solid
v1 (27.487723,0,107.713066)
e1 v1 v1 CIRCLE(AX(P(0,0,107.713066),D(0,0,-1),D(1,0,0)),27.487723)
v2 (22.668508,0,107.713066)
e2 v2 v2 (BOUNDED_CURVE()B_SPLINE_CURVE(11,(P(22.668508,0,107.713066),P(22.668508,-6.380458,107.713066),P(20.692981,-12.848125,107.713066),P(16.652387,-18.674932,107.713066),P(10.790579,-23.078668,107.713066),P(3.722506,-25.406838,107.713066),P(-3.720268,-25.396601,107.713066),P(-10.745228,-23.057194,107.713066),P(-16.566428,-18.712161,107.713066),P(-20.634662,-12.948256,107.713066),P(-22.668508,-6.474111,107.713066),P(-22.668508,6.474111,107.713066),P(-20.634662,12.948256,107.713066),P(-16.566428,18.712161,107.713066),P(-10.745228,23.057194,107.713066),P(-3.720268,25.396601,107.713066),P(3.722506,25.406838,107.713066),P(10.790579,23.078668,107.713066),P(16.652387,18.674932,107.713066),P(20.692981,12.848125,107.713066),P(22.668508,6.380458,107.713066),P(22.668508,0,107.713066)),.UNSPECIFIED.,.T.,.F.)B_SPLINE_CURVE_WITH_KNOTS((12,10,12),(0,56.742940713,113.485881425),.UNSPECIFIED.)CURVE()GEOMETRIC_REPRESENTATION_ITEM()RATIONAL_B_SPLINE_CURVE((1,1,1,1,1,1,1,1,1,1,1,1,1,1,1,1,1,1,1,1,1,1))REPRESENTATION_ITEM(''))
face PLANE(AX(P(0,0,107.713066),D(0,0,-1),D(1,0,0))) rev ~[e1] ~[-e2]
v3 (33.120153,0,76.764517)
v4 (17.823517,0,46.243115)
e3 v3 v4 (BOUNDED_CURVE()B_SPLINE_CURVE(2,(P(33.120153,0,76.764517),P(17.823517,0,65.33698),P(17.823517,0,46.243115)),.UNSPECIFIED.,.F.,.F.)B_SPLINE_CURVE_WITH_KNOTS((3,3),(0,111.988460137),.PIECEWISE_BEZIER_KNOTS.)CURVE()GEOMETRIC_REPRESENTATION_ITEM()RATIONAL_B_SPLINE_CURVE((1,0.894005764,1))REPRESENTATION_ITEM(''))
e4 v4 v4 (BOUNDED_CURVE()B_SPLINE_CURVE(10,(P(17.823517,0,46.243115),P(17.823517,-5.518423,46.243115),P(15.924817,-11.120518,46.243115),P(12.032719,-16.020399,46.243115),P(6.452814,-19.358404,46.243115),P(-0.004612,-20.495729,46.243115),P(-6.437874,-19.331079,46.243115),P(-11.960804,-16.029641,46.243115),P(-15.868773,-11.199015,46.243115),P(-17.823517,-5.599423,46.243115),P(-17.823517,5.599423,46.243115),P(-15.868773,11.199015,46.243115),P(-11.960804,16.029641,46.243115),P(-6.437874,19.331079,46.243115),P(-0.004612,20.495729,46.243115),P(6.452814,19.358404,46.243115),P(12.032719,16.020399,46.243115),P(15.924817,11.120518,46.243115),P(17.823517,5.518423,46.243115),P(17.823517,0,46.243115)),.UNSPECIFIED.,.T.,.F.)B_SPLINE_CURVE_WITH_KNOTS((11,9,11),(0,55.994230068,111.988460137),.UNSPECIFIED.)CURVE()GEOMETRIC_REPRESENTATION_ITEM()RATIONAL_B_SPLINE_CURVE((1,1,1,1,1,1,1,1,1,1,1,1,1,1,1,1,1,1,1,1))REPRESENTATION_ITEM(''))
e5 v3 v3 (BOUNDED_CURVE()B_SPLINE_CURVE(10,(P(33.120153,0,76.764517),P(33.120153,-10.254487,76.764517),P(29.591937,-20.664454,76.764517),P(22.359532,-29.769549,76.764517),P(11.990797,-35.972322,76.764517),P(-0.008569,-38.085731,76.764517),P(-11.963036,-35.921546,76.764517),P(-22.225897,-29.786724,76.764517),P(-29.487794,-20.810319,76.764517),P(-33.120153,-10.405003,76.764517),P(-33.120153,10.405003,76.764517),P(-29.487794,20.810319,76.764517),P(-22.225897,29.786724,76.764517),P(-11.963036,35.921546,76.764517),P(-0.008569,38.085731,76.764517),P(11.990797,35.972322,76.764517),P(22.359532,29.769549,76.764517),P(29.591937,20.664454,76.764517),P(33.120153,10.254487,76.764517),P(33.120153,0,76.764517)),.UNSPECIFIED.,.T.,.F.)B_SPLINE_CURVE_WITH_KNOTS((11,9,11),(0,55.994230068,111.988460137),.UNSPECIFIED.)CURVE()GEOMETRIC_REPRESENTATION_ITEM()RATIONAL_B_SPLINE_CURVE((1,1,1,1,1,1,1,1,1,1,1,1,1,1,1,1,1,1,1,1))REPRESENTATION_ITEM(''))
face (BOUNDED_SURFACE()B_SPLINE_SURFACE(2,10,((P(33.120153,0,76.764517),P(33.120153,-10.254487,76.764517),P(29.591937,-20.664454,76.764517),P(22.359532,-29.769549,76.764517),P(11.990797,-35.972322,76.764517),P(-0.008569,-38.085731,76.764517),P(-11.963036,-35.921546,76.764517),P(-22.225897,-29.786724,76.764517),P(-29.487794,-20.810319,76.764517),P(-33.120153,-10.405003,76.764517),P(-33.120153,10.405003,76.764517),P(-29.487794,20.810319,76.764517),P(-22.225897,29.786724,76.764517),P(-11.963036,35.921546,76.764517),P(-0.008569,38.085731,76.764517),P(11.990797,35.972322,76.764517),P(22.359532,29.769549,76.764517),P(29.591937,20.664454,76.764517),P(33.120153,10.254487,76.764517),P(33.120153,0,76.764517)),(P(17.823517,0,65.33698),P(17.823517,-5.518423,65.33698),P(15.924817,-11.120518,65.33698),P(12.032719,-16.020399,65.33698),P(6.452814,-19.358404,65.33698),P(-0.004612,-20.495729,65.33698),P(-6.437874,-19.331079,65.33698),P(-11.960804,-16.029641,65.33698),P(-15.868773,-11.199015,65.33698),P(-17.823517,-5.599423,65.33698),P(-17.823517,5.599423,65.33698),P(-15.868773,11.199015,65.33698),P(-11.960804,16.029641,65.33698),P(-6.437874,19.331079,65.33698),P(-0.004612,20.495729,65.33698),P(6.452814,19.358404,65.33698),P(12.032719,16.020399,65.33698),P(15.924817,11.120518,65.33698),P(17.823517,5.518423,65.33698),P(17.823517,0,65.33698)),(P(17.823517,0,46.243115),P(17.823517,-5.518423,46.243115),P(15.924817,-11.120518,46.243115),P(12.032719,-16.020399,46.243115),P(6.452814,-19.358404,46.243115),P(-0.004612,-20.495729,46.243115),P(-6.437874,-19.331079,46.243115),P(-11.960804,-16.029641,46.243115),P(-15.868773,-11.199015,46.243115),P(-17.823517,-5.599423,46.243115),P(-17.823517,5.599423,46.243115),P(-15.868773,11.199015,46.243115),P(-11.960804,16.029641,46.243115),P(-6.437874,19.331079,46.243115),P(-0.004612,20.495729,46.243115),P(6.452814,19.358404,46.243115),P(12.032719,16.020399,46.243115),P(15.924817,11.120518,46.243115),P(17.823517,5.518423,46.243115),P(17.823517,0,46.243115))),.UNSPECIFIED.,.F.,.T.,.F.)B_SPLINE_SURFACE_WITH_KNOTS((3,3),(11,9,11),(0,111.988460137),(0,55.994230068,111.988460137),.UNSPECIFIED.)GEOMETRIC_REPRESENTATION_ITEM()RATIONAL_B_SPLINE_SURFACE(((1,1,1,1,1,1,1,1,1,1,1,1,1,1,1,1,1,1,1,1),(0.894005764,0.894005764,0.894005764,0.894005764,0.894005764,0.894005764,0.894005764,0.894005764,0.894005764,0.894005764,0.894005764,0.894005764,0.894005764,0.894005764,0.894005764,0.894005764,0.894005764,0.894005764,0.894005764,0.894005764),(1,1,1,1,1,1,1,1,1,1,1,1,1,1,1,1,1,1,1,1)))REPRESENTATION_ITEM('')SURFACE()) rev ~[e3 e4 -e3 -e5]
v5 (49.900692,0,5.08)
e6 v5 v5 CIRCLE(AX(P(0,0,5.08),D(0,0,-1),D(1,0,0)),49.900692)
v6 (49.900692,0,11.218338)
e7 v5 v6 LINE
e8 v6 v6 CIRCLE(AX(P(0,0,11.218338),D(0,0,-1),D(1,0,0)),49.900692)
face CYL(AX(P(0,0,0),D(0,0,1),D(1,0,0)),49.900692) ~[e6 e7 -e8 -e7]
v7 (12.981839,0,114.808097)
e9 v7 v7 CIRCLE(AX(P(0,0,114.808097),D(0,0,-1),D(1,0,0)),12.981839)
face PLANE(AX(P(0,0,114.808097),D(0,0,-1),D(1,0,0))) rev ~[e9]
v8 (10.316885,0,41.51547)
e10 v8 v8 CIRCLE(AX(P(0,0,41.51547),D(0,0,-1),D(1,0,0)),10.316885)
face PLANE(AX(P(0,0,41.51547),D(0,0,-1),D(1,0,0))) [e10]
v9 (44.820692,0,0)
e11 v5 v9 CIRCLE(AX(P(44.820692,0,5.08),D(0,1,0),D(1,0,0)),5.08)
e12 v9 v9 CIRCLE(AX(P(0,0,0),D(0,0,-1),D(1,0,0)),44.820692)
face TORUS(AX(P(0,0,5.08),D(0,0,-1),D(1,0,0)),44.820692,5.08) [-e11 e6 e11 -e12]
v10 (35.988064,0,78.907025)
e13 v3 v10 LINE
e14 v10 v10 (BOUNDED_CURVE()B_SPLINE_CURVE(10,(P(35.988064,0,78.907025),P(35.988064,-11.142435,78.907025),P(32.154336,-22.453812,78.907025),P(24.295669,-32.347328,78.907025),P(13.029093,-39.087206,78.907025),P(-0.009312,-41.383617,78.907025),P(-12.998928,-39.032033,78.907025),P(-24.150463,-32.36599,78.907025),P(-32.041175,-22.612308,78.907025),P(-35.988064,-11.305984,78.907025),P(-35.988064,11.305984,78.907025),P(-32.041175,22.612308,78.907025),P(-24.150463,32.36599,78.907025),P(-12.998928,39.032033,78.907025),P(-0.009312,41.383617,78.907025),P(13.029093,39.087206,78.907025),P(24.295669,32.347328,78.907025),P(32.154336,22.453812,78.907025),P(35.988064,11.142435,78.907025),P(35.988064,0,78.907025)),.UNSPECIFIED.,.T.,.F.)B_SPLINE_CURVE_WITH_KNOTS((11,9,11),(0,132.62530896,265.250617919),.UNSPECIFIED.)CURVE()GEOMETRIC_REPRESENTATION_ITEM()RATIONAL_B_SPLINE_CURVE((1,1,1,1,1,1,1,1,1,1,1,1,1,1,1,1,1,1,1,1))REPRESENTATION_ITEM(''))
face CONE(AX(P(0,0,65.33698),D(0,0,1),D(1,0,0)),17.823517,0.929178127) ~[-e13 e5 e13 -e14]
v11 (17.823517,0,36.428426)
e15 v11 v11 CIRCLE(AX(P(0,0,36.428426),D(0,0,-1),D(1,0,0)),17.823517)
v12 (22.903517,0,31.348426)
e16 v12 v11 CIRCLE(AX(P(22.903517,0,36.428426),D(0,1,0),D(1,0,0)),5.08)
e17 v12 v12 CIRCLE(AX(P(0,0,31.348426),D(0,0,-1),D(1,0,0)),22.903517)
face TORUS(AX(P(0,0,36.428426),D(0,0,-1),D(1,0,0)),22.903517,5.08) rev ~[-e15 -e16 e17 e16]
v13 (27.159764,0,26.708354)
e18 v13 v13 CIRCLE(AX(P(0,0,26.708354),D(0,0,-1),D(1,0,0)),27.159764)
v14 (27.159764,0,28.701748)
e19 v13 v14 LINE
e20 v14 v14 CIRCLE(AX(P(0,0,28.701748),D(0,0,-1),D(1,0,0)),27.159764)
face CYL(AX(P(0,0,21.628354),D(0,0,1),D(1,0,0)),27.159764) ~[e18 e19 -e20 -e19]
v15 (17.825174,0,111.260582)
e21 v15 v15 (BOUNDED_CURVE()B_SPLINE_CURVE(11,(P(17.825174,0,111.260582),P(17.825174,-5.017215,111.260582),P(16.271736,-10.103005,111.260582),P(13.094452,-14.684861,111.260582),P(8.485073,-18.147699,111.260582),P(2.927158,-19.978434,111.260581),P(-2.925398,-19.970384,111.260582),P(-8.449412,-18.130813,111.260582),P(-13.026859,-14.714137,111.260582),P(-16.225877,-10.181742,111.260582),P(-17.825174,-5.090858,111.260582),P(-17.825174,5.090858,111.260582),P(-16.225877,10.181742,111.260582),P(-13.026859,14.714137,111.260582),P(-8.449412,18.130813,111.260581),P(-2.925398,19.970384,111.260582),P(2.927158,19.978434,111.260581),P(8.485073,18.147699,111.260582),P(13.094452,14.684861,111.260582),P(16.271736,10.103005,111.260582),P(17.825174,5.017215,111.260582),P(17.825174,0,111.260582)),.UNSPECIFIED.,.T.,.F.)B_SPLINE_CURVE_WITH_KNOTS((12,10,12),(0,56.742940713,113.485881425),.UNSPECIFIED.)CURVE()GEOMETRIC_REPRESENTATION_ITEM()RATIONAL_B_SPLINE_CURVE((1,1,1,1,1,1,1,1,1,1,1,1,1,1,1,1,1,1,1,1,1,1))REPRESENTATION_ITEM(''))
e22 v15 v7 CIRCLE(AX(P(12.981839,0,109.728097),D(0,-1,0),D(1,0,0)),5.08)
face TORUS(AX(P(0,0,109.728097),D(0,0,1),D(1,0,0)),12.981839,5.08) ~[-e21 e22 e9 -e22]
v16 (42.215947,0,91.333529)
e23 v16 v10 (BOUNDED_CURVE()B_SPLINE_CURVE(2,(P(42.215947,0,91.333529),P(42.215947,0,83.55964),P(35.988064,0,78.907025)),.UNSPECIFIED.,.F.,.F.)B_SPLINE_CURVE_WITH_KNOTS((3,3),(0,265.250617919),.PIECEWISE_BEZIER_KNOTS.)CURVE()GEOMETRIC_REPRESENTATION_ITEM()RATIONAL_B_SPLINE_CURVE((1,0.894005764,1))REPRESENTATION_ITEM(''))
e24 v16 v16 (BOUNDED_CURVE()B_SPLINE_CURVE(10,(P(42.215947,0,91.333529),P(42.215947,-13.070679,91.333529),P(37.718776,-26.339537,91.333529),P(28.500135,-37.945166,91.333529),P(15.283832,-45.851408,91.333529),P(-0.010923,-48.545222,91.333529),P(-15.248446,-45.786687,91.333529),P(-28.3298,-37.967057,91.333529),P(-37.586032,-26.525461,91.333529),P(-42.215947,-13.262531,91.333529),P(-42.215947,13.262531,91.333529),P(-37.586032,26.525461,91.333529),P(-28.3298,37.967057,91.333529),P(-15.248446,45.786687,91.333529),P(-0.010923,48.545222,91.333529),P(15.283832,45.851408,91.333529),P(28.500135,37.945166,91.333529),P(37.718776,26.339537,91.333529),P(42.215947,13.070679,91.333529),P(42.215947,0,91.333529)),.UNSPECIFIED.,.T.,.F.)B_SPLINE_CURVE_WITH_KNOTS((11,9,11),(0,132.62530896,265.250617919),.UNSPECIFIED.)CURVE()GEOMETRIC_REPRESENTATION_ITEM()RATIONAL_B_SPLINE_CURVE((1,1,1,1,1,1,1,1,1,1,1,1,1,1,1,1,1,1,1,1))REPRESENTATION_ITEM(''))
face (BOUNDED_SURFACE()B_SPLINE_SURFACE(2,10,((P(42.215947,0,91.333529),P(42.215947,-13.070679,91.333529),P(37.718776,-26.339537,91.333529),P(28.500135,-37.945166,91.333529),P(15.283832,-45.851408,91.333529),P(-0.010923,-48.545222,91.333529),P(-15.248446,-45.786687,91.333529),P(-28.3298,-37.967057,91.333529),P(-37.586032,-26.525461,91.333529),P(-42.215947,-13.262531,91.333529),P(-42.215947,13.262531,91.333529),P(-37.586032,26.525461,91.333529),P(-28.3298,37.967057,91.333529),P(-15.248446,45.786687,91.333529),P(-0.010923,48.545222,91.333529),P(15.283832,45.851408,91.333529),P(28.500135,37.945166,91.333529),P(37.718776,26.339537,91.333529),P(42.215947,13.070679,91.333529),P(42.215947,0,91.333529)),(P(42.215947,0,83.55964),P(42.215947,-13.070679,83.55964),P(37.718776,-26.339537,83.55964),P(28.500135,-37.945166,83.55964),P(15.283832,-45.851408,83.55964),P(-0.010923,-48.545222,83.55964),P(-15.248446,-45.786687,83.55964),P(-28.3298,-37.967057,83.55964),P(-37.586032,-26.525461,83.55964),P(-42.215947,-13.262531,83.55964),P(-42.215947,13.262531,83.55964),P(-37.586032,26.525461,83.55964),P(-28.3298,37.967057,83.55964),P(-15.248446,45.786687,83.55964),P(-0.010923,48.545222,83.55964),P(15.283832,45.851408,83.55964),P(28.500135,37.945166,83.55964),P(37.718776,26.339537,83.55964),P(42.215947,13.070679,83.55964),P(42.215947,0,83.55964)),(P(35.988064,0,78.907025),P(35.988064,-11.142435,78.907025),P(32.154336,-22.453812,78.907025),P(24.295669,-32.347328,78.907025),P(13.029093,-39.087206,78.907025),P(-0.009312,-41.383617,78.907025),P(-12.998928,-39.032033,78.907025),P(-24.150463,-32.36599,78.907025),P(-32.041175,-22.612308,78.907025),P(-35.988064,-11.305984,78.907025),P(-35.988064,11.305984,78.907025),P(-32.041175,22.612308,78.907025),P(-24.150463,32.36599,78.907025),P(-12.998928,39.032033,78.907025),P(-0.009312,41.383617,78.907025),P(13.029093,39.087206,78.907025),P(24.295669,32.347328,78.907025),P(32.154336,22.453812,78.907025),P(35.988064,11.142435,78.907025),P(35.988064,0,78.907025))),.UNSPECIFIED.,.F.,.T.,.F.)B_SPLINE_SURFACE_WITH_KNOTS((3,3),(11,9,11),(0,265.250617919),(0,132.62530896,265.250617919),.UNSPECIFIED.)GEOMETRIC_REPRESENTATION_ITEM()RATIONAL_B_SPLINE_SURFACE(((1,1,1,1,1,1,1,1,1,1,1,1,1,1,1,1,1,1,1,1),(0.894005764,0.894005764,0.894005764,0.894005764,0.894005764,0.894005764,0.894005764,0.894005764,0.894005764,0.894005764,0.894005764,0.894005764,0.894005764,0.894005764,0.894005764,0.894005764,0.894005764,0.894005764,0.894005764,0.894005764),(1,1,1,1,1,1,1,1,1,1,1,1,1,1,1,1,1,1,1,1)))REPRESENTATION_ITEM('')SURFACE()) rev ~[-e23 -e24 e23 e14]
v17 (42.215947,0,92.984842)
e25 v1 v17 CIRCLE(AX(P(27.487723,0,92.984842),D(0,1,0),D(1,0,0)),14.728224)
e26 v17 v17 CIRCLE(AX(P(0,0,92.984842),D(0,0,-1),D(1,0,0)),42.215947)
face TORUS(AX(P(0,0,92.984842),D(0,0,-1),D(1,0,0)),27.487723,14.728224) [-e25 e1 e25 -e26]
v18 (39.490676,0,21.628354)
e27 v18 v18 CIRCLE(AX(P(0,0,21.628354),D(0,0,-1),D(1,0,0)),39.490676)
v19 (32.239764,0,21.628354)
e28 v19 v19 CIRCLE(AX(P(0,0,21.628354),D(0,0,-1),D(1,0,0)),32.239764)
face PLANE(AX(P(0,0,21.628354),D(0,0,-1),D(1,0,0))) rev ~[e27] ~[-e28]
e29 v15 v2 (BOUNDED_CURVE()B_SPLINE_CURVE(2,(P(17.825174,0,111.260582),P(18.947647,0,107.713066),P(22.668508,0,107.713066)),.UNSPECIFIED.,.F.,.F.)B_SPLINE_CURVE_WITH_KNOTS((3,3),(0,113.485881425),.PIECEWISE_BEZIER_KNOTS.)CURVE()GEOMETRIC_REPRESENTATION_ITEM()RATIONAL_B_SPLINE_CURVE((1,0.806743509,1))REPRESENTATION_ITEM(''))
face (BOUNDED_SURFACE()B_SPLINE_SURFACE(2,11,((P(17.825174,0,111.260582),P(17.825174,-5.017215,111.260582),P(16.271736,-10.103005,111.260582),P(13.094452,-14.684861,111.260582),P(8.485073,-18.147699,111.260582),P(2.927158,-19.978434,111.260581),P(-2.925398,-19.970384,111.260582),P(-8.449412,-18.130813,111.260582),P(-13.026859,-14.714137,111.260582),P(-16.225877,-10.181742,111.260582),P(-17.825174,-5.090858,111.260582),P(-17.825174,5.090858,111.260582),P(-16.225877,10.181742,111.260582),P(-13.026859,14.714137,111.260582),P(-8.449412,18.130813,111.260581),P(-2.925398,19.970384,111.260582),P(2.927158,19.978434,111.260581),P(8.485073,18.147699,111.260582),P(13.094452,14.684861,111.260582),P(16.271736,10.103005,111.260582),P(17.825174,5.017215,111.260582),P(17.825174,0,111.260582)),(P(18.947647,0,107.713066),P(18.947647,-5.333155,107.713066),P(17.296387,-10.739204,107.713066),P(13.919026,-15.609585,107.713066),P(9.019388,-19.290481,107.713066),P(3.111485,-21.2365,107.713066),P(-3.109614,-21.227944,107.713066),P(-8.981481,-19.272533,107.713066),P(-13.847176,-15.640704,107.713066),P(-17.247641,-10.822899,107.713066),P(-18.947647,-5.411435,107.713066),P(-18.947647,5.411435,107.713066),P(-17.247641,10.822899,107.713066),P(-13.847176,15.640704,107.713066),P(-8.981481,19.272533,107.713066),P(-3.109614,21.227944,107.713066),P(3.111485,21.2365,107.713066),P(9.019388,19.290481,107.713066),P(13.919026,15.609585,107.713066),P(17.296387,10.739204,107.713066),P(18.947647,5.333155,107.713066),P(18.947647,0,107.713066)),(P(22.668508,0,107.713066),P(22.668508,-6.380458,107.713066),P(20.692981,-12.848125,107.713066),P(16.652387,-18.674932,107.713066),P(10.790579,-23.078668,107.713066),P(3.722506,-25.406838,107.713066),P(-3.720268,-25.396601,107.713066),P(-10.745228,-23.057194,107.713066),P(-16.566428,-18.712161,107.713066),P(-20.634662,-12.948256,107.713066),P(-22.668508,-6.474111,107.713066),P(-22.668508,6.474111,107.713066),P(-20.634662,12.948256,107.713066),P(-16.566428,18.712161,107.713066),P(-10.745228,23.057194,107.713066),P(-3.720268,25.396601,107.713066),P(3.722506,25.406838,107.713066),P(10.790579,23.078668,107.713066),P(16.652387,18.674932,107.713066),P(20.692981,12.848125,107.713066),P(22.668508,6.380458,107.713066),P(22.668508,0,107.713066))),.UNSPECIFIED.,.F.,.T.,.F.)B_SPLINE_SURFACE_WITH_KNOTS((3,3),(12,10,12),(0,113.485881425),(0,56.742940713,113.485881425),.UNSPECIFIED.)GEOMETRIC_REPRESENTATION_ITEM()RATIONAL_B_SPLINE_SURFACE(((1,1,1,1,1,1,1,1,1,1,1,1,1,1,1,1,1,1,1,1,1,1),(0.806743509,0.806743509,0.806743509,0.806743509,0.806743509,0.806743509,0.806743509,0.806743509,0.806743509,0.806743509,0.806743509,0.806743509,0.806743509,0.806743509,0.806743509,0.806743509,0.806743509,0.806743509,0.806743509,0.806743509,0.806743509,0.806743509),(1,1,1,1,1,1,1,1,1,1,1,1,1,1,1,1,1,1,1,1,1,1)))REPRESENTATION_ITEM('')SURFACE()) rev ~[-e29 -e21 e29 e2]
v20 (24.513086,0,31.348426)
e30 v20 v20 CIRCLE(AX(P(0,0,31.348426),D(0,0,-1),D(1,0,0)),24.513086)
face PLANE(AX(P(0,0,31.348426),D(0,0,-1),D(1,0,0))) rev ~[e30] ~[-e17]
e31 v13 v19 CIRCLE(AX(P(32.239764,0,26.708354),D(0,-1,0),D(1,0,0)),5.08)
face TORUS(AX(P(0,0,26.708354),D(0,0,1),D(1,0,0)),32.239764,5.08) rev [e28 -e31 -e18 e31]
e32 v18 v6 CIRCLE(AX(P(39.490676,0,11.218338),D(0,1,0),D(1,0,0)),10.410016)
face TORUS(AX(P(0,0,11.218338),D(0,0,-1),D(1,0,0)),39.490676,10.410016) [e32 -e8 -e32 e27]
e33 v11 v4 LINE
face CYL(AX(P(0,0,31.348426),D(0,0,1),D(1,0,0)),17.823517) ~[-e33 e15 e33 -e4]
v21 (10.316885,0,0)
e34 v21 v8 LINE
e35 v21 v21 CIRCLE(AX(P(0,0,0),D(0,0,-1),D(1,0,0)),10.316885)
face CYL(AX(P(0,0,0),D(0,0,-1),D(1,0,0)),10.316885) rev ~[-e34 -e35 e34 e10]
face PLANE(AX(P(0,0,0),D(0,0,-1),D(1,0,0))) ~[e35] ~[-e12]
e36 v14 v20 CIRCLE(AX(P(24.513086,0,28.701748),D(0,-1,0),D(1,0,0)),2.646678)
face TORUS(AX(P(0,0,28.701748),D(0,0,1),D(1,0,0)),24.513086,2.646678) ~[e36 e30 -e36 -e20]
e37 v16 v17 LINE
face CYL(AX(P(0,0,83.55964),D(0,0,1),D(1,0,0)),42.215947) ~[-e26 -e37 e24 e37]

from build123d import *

# Parameters (mm, degrees)
F2_R      = 5.08
F3_R      = 5.08
F4_R      = 14.728224
F5_R      = 15.511253
F6_R      = 38.098019
F7_R      = 5.08
F8_R      = 2.646678
F9_R      = 5.08
F10_R     = 10.410016
F11_R     = 5.08
F12_R     = 10.316885
F13_DEPTH = 41.51547


with BuildPart() as f1:
    # F0 (on Front) → F1 (revolve)
    with BuildSketch(Plane.XZ):
        Polygon((0, 114.808097), (0, 0), (49.900692, 0), (49.900692, 21.628354), (27.159764, 21.628354), (27.159764, 31.348426), (17.823517, 31.348426), (17.823517, 65.33698), (42.215947, 83.55964), (42.215947, 107.713066), (18.061839, 107.713066), (18.061839, 114.808097), align=None)
    revolve(axis=Axis((0, 0, 57.404049), (0, 0, -1)))

    # F2
    f2_edges = [f1.edges().sort_by_distance(p)[0] for p in [
        (-18.061839, 0, 114.808097),
    ]]
    fillet(f2_edges, radius=F2_R)

    # F3
    f3_edges = [f1.edges().sort_by_distance(p)[0] for p in [
        (-18.061839, 0, 107.713066),
    ]]
    fillet(f3_edges, radius=F3_R)

    # F4
    f4_edges = [f1.edges().sort_by_distance(p)[0] for p in [
        (-42.215947, 0, 107.713066),
    ]]
    fillet(f4_edges, radius=F4_R)

    # F5
    f5_edges = [f1.edges().sort_by_distance(p)[0] for p in [
        (-42.215947, 0, 83.55964),
    ]]
    fillet(f5_edges, radius=F5_R)

    # F6
    f6_edges = [f1.edges().sort_by_distance(p)[0] for p in [
        (-17.823517, 0, 65.33698),
    ]]
    fillet(f6_edges, radius=F6_R)

    # F7
    f7_edges = [f1.edges().sort_by_distance(p)[0] for p in [
        (-27.159764, 0, 21.628354),
    ]]
    fillet(f7_edges, radius=F7_R)

    # F8
    f8_edges = [f1.edges().sort_by_distance(p)[0] for p in [
        (-27.159764, 0, 31.348426),
    ]]
    fillet(f8_edges, radius=F8_R)

    # F9
    f9_edges = [f1.edges().sort_by_distance(p)[0] for p in [
        (-17.823517, 0, 31.348426),
    ]]
    fillet(f9_edges, radius=F9_R)

    # F10
    f10_edges = [f1.edges().sort_by_distance(p)[0] for p in [
        (-49.900692, 0, 21.628354),
    ]]
    fillet(f10_edges, radius=F10_R)

    # F11
    f11_edges = [f1.edges().sort_by_distance(p)[0] for p in [
        (-49.900692, 0, 0),
    ]]
    fillet(f11_edges, radius=F11_R)

    # F12 (on face) → F13 (cut)
    with BuildSketch(Plane(origin=(0, 0, 0), x_dir=(1, 0, 0), z_dir=(0, 0, -1))):
        Circle(F12_R)
    extrude(amount=-F13_DEPTH, mode=Mode.SUBTRACT)


solid = f1.part
